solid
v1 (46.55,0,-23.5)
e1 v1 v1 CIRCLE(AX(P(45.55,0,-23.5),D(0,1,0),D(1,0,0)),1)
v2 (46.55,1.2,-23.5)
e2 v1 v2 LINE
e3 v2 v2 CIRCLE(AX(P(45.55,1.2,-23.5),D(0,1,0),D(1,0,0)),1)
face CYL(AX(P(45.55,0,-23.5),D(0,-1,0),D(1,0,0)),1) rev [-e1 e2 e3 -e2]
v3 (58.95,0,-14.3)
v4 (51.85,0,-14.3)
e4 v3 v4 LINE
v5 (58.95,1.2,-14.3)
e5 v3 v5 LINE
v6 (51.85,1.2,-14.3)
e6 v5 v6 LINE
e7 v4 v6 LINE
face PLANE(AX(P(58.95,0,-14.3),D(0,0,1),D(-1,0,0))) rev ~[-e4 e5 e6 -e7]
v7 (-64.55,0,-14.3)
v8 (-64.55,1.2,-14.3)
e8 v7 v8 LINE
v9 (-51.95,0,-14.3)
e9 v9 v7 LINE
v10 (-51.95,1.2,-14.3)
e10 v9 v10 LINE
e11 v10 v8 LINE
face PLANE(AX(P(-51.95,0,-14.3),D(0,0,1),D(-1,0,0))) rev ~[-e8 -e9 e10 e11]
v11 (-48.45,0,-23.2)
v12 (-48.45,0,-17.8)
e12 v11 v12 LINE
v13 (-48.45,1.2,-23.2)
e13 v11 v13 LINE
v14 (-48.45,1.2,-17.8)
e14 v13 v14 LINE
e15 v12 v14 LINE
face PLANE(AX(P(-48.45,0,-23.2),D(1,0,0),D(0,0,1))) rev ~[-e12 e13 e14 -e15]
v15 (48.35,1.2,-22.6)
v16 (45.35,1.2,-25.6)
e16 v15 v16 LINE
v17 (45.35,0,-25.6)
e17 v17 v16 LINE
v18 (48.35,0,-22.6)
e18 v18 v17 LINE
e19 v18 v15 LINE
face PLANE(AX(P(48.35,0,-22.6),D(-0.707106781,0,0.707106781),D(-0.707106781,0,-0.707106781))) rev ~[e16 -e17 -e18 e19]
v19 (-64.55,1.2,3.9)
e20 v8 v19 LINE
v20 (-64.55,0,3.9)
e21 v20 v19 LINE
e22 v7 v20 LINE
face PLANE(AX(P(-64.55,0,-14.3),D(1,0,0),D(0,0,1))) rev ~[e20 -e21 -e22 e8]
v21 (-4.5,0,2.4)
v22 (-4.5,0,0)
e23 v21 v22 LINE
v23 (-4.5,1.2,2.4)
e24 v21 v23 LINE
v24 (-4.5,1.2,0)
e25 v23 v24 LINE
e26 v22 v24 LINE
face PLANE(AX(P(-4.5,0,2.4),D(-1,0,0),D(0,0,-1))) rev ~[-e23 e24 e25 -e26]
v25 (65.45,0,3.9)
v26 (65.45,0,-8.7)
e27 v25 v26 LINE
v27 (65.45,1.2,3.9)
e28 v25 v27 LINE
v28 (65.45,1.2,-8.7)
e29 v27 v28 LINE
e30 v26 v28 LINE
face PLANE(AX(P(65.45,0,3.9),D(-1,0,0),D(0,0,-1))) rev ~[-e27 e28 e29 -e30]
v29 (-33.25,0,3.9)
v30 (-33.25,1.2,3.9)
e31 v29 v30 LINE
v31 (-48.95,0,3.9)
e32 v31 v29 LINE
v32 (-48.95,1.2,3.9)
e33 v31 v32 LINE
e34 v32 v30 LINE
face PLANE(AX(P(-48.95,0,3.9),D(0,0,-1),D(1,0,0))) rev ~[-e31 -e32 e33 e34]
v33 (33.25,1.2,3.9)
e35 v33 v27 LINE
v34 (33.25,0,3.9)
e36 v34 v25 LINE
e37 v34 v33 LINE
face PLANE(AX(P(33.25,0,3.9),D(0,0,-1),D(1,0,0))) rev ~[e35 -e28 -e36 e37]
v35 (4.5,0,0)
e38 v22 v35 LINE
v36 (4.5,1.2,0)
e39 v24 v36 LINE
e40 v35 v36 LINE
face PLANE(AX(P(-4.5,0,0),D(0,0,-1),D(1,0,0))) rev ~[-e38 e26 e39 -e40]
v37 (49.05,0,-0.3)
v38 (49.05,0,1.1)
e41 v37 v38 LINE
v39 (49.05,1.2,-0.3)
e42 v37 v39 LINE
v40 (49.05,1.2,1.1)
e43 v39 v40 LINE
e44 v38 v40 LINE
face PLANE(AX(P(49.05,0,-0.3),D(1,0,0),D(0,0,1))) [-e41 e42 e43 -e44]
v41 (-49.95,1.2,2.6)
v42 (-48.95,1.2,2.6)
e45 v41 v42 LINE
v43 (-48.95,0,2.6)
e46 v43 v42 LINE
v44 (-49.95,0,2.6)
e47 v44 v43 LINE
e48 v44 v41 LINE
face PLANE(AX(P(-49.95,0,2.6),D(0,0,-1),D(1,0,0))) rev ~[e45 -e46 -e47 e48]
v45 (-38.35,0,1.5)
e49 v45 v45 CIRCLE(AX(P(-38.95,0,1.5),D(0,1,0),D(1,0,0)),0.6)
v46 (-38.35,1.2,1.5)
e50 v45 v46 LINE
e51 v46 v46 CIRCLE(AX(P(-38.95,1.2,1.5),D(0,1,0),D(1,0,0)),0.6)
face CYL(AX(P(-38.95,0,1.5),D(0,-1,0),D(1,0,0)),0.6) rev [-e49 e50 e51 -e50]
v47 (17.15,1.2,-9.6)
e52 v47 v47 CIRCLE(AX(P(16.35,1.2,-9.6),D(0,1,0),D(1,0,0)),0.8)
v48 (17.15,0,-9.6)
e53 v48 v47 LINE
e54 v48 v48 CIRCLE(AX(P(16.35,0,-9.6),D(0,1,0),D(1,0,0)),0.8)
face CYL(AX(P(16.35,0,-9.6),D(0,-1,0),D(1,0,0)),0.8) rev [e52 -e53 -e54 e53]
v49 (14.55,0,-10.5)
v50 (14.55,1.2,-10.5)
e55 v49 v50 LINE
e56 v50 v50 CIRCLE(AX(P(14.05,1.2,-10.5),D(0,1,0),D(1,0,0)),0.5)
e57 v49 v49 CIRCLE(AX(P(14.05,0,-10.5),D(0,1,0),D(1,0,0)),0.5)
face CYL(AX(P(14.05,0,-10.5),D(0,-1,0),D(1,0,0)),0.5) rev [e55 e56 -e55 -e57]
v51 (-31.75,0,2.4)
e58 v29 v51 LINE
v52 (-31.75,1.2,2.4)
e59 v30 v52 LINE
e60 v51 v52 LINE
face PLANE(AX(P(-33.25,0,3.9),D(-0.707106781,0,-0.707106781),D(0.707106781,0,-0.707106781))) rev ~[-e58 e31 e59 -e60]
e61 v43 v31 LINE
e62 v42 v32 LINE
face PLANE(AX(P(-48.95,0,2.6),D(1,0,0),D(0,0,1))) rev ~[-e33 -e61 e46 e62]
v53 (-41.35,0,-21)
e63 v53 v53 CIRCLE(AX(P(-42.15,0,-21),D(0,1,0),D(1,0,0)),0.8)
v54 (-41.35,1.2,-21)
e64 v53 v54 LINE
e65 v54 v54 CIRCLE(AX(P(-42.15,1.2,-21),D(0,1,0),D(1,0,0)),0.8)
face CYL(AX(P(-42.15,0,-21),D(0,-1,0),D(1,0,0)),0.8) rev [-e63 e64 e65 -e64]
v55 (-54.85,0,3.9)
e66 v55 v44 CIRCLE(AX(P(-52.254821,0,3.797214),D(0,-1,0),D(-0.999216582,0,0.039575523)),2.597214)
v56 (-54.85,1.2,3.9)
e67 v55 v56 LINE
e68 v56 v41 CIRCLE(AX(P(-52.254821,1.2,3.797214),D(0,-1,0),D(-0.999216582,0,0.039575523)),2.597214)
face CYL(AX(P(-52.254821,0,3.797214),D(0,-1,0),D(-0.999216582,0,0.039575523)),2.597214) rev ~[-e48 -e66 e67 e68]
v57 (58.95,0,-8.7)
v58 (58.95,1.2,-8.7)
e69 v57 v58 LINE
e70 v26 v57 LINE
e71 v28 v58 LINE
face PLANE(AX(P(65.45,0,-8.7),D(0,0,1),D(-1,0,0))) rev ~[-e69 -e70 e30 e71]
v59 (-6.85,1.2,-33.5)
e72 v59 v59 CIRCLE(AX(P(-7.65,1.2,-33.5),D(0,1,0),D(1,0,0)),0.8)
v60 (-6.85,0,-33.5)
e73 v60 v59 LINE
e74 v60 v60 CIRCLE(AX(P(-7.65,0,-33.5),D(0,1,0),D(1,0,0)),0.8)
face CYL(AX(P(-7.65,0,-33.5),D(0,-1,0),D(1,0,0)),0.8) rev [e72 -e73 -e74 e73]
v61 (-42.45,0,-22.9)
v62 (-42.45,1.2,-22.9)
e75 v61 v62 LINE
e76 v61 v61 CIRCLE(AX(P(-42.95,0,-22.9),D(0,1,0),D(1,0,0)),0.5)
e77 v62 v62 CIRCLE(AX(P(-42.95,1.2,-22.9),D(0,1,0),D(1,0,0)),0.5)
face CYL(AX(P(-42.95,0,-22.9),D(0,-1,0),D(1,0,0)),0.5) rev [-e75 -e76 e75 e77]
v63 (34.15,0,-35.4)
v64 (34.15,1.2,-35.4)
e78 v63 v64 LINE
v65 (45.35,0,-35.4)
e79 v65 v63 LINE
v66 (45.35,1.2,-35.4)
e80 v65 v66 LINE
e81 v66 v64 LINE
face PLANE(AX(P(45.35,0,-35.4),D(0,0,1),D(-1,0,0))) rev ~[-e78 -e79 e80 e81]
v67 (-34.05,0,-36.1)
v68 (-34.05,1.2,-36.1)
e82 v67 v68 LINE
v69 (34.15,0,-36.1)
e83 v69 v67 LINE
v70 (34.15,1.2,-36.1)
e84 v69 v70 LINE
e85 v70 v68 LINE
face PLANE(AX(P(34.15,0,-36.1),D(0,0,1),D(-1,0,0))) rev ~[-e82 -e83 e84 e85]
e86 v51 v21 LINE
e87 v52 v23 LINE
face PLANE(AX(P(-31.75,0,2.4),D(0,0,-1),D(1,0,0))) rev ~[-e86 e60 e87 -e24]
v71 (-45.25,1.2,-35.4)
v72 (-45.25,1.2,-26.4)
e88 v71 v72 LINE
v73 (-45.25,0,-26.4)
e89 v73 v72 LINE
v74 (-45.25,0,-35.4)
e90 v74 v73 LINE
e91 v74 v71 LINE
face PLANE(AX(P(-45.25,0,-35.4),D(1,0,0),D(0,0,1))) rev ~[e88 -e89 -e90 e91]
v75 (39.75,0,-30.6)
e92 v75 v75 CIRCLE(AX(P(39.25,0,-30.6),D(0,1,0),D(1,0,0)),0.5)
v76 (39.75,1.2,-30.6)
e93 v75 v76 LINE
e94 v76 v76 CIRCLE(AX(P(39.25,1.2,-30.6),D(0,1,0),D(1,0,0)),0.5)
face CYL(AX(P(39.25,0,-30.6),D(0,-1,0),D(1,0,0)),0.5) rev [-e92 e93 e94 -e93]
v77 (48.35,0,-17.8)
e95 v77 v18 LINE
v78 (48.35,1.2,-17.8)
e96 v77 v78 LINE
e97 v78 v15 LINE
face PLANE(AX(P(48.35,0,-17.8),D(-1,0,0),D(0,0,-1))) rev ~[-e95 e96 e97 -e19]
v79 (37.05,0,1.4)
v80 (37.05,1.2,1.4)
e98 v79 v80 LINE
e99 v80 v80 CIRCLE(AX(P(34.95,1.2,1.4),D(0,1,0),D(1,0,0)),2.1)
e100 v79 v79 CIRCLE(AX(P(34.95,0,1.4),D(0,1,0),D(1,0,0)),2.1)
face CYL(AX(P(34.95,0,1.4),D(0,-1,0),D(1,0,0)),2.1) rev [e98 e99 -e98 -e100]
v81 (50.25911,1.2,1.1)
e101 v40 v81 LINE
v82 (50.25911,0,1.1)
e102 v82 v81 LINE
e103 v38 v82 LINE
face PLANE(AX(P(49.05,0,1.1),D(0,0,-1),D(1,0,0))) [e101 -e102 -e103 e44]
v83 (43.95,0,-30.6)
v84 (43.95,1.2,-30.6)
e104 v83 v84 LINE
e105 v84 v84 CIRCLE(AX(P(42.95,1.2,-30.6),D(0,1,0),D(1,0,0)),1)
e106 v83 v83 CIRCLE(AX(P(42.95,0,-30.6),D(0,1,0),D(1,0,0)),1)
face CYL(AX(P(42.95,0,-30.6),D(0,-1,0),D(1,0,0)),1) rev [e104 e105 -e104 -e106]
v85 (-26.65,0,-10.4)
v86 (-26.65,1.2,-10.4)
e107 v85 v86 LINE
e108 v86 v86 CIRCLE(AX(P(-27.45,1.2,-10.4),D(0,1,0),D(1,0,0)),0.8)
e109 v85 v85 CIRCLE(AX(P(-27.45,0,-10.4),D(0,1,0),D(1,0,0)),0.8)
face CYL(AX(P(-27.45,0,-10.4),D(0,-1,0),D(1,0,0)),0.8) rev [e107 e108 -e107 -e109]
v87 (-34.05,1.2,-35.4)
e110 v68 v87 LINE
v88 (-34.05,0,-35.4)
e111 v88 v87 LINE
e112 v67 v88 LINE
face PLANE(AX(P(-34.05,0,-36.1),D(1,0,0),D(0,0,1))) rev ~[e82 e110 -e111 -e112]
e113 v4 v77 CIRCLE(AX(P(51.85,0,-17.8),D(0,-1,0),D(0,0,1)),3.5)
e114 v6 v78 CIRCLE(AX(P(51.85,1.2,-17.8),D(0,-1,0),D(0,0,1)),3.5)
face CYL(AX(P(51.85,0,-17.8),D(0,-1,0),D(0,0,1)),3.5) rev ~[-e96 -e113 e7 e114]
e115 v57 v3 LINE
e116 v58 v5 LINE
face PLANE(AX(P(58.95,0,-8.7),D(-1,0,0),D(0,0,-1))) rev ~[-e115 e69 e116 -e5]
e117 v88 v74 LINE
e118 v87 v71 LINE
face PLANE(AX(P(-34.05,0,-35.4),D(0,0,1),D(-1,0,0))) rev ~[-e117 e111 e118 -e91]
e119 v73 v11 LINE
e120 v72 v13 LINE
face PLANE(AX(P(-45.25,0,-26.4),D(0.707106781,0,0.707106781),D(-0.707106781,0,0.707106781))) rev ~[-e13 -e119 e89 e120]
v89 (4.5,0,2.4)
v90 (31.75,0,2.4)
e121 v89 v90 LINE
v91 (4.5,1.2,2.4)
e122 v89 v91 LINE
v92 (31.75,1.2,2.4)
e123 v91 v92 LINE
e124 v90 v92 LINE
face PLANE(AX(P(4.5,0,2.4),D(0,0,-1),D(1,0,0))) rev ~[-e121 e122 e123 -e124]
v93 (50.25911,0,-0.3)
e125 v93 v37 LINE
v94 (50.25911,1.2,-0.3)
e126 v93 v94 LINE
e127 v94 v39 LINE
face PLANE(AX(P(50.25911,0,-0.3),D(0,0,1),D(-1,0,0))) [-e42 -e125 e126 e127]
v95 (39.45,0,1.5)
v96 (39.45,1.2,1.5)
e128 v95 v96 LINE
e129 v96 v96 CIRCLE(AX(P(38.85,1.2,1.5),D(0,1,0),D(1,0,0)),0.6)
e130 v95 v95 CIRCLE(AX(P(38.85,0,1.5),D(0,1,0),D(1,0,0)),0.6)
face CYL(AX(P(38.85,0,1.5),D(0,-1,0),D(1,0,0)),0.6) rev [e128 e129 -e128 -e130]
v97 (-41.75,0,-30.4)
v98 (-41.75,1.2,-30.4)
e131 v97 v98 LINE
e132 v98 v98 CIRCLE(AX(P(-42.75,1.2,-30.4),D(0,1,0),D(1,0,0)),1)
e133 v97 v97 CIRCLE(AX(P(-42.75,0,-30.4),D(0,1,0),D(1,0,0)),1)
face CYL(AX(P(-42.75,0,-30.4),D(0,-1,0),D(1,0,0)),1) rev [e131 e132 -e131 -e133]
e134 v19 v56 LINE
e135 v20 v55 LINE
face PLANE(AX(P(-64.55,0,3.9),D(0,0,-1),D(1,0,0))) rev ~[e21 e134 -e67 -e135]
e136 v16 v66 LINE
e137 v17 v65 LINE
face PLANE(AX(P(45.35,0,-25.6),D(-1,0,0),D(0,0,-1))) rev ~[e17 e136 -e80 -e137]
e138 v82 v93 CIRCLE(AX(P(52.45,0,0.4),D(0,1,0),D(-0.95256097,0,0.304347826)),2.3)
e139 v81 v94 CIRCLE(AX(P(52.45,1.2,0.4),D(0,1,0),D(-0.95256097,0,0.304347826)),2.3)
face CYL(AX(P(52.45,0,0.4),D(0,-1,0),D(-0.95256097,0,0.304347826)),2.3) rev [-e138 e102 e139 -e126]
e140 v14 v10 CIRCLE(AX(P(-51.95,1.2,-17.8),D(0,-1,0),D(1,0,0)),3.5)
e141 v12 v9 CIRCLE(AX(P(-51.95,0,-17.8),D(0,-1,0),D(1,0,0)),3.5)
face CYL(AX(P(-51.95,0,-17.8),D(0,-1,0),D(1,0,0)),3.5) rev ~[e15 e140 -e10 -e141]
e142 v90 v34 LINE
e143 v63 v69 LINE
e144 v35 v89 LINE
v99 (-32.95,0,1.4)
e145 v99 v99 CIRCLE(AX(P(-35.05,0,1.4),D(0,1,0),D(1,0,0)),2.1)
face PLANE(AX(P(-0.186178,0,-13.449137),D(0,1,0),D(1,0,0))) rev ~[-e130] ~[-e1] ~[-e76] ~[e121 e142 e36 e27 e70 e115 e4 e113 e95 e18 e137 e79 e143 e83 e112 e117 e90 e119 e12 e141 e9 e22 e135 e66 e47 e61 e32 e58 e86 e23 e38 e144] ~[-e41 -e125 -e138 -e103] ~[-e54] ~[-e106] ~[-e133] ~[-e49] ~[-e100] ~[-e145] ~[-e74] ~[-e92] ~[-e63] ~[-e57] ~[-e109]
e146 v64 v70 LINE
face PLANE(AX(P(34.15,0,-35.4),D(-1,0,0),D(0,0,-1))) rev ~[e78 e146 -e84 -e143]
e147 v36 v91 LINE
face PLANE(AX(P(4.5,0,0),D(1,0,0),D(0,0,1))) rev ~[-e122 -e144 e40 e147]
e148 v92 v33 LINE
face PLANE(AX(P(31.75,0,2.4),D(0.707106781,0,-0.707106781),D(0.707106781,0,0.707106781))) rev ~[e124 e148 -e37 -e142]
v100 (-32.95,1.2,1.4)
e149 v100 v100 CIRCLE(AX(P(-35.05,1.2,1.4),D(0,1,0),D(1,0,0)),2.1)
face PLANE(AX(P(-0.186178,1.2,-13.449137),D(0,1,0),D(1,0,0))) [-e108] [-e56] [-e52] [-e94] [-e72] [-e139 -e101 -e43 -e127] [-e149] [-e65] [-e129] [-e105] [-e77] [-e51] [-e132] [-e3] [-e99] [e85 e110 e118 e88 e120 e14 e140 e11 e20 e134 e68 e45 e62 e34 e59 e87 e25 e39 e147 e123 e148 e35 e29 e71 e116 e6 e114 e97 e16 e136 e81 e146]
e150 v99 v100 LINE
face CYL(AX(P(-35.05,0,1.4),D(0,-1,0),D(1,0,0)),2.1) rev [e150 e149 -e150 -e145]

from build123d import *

# Parameters (mm, degrees)
BOSS_EXTRU_1_DEPTH      = 1.2
ESQUISSE1_4_R           = 2.1
ESQUISSE1_4_R_2         = 0.8
ESQUISSE1_4_R_3         = 1
ESQUISSE1_4_R_4         = 0.5
ESQUISSE1_4_R_5         = 0.6
ENL_V_MAT_EXTRU_1_DEPTH = 1.2


with BuildPart() as part:
    # Esquisse1 → Boss.-Extru.1 (new body)
    with BuildSketch(Plane(origin=(0, 0, 0), x_dir=(1, 0, 0), z_dir=(0, 1, 0))):
        with BuildLine():
            Line((-64.55, 14.3), (-64.55, -3.9))
            Line((-64.55, -3.9), (-54.85, -3.9))
            ThreePointArc((-54.85, -3.9), (-52.920836567, -1.286846787), (-49.95, -2.6))
            Line((-49.95, -2.6), (-48.95, -2.6))
            Line((-48.95, -2.6), (-48.95, -3.9))
            Line((-48.95, -3.9), (-33.25, -3.9))
            Line((-33.25, -3.9), (-31.75, -2.4))
            Line((-31.75, -2.4), (-4.5, -2.4))
            Line((-4.5, -2.4), (-4.5, 0))
            Line((-4.5, 0), (4.5, 0))
            Line((4.5, 0), (4.5, -2.4))
            Line((4.5, -2.4), (31.75, -2.4))
            Line((31.75, -2.4), (33.25, -3.9))
            Line((33.25, -3.9), (65.45, -3.9))
            Line((65.45, -3.9), (65.45, 8.7))
            Line((65.45, 8.7), (58.95, 8.7))
            Line((58.95, 8.7), (58.95, 14.3))
            Line((58.95, 14.3), (51.85, 14.3))
            ThreePointArc((51.85, 14.3), (49.375126266, 15.325126266), (48.35, 17.8))
            Line((48.35, 17.8), (48.35, 22.6))
            Line((48.35, 22.6), (45.35, 25.6))
            Line((45.35, 25.6), (45.35, 35.4))
            Line((45.35, 35.4), (34.15, 35.4))
            Line((34.15, 35.4), (34.15, 36.1))
            Line((34.15, 36.1), (-34.05, 36.1))
            Line((-34.05, 36.1), (-34.05, 35.4))
            Line((-34.05, 35.4), (-45.25, 35.4))
            Line((-45.25, 35.4), (-45.25, 26.4))
            Line((-45.25, 26.4), (-48.45, 23.2))
            Line((-48.45, 23.2), (-48.45, 17.8))
            ThreePointArc((-48.45, 17.8), (-49.475126266, 15.325126266), (-51.95, 14.3))
            Line((-51.95, 14.3), (-64.55, 14.3))
        make_face()
    extrude(amount=BOSS_EXTRU_1_DEPTH)

    # Esquisse1_4 → Enl_v. mat.-Extru.1 (cut)
    with BuildSketch(Plane(origin=(0, 0, 0), x_dir=(1, 0, 0), z_dir=(0, 1, 0))):
        with BuildLine():
            Line((49.05, -1.1), (50.25910977, -1.1))
            ThreePointArc((50.25910977, -1.1), (54.75, -0.4), (50.25910977, 0.3))
            Line((50.25910977, 0.3), (49.05, 0.3))
            Line((49.05, 0.3), (49.05, -1.1))
        make_face()
        with Locations((34.95, -1.4)):
            Circle(ESQUISSE1_4_R)
        with Locations((-35.05, -1.4)):
            Circle(ESQUISSE1_4_R)
        with Locations((-7.65, 33.5)):
            Circle(ESQUISSE1_4_R_2)
        with Locations((42.95, 30.6)):
            Circle(ESQUISSE1_4_R_3)
        with Locations((-27.45, 10.4)):
            Circle(ESQUISSE1_4_R_2)
        with Locations((16.35, 9.6)):
            Circle(ESQUISSE1_4_R_2)
        with Locations((-42.95, 22.9)):
            Circle(ESQUISSE1_4_R_4)
        with Locations((-42.75, 30.4)):
            Circle(ESQUISSE1_4_R_3)
        with Locations((45.55, 23.5)):
            Circle(ESQUISSE1_4_R_3)
        with Locations((14.05, 10.5)):
            Circle(ESQUISSE1_4_R_4)
        with Locations((-42.15, 21)):
            Circle(ESQUISSE1_4_R_2)
        with Locations((-38.95, -1.5)):
            Circle(ESQUISSE1_4_R_5)
        with Locations((39.25, 30.6)):
            Circle(ESQUISSE1_4_R_4)
        with Locations((38.85, -1.5)):
            Circle(ESQUISSE1_4_R_5)
    extrude(amount=ENL_V_MAT_EXTRU_1_DEPTH, mode=Mode.SUBTRACT)


solid = part.part
